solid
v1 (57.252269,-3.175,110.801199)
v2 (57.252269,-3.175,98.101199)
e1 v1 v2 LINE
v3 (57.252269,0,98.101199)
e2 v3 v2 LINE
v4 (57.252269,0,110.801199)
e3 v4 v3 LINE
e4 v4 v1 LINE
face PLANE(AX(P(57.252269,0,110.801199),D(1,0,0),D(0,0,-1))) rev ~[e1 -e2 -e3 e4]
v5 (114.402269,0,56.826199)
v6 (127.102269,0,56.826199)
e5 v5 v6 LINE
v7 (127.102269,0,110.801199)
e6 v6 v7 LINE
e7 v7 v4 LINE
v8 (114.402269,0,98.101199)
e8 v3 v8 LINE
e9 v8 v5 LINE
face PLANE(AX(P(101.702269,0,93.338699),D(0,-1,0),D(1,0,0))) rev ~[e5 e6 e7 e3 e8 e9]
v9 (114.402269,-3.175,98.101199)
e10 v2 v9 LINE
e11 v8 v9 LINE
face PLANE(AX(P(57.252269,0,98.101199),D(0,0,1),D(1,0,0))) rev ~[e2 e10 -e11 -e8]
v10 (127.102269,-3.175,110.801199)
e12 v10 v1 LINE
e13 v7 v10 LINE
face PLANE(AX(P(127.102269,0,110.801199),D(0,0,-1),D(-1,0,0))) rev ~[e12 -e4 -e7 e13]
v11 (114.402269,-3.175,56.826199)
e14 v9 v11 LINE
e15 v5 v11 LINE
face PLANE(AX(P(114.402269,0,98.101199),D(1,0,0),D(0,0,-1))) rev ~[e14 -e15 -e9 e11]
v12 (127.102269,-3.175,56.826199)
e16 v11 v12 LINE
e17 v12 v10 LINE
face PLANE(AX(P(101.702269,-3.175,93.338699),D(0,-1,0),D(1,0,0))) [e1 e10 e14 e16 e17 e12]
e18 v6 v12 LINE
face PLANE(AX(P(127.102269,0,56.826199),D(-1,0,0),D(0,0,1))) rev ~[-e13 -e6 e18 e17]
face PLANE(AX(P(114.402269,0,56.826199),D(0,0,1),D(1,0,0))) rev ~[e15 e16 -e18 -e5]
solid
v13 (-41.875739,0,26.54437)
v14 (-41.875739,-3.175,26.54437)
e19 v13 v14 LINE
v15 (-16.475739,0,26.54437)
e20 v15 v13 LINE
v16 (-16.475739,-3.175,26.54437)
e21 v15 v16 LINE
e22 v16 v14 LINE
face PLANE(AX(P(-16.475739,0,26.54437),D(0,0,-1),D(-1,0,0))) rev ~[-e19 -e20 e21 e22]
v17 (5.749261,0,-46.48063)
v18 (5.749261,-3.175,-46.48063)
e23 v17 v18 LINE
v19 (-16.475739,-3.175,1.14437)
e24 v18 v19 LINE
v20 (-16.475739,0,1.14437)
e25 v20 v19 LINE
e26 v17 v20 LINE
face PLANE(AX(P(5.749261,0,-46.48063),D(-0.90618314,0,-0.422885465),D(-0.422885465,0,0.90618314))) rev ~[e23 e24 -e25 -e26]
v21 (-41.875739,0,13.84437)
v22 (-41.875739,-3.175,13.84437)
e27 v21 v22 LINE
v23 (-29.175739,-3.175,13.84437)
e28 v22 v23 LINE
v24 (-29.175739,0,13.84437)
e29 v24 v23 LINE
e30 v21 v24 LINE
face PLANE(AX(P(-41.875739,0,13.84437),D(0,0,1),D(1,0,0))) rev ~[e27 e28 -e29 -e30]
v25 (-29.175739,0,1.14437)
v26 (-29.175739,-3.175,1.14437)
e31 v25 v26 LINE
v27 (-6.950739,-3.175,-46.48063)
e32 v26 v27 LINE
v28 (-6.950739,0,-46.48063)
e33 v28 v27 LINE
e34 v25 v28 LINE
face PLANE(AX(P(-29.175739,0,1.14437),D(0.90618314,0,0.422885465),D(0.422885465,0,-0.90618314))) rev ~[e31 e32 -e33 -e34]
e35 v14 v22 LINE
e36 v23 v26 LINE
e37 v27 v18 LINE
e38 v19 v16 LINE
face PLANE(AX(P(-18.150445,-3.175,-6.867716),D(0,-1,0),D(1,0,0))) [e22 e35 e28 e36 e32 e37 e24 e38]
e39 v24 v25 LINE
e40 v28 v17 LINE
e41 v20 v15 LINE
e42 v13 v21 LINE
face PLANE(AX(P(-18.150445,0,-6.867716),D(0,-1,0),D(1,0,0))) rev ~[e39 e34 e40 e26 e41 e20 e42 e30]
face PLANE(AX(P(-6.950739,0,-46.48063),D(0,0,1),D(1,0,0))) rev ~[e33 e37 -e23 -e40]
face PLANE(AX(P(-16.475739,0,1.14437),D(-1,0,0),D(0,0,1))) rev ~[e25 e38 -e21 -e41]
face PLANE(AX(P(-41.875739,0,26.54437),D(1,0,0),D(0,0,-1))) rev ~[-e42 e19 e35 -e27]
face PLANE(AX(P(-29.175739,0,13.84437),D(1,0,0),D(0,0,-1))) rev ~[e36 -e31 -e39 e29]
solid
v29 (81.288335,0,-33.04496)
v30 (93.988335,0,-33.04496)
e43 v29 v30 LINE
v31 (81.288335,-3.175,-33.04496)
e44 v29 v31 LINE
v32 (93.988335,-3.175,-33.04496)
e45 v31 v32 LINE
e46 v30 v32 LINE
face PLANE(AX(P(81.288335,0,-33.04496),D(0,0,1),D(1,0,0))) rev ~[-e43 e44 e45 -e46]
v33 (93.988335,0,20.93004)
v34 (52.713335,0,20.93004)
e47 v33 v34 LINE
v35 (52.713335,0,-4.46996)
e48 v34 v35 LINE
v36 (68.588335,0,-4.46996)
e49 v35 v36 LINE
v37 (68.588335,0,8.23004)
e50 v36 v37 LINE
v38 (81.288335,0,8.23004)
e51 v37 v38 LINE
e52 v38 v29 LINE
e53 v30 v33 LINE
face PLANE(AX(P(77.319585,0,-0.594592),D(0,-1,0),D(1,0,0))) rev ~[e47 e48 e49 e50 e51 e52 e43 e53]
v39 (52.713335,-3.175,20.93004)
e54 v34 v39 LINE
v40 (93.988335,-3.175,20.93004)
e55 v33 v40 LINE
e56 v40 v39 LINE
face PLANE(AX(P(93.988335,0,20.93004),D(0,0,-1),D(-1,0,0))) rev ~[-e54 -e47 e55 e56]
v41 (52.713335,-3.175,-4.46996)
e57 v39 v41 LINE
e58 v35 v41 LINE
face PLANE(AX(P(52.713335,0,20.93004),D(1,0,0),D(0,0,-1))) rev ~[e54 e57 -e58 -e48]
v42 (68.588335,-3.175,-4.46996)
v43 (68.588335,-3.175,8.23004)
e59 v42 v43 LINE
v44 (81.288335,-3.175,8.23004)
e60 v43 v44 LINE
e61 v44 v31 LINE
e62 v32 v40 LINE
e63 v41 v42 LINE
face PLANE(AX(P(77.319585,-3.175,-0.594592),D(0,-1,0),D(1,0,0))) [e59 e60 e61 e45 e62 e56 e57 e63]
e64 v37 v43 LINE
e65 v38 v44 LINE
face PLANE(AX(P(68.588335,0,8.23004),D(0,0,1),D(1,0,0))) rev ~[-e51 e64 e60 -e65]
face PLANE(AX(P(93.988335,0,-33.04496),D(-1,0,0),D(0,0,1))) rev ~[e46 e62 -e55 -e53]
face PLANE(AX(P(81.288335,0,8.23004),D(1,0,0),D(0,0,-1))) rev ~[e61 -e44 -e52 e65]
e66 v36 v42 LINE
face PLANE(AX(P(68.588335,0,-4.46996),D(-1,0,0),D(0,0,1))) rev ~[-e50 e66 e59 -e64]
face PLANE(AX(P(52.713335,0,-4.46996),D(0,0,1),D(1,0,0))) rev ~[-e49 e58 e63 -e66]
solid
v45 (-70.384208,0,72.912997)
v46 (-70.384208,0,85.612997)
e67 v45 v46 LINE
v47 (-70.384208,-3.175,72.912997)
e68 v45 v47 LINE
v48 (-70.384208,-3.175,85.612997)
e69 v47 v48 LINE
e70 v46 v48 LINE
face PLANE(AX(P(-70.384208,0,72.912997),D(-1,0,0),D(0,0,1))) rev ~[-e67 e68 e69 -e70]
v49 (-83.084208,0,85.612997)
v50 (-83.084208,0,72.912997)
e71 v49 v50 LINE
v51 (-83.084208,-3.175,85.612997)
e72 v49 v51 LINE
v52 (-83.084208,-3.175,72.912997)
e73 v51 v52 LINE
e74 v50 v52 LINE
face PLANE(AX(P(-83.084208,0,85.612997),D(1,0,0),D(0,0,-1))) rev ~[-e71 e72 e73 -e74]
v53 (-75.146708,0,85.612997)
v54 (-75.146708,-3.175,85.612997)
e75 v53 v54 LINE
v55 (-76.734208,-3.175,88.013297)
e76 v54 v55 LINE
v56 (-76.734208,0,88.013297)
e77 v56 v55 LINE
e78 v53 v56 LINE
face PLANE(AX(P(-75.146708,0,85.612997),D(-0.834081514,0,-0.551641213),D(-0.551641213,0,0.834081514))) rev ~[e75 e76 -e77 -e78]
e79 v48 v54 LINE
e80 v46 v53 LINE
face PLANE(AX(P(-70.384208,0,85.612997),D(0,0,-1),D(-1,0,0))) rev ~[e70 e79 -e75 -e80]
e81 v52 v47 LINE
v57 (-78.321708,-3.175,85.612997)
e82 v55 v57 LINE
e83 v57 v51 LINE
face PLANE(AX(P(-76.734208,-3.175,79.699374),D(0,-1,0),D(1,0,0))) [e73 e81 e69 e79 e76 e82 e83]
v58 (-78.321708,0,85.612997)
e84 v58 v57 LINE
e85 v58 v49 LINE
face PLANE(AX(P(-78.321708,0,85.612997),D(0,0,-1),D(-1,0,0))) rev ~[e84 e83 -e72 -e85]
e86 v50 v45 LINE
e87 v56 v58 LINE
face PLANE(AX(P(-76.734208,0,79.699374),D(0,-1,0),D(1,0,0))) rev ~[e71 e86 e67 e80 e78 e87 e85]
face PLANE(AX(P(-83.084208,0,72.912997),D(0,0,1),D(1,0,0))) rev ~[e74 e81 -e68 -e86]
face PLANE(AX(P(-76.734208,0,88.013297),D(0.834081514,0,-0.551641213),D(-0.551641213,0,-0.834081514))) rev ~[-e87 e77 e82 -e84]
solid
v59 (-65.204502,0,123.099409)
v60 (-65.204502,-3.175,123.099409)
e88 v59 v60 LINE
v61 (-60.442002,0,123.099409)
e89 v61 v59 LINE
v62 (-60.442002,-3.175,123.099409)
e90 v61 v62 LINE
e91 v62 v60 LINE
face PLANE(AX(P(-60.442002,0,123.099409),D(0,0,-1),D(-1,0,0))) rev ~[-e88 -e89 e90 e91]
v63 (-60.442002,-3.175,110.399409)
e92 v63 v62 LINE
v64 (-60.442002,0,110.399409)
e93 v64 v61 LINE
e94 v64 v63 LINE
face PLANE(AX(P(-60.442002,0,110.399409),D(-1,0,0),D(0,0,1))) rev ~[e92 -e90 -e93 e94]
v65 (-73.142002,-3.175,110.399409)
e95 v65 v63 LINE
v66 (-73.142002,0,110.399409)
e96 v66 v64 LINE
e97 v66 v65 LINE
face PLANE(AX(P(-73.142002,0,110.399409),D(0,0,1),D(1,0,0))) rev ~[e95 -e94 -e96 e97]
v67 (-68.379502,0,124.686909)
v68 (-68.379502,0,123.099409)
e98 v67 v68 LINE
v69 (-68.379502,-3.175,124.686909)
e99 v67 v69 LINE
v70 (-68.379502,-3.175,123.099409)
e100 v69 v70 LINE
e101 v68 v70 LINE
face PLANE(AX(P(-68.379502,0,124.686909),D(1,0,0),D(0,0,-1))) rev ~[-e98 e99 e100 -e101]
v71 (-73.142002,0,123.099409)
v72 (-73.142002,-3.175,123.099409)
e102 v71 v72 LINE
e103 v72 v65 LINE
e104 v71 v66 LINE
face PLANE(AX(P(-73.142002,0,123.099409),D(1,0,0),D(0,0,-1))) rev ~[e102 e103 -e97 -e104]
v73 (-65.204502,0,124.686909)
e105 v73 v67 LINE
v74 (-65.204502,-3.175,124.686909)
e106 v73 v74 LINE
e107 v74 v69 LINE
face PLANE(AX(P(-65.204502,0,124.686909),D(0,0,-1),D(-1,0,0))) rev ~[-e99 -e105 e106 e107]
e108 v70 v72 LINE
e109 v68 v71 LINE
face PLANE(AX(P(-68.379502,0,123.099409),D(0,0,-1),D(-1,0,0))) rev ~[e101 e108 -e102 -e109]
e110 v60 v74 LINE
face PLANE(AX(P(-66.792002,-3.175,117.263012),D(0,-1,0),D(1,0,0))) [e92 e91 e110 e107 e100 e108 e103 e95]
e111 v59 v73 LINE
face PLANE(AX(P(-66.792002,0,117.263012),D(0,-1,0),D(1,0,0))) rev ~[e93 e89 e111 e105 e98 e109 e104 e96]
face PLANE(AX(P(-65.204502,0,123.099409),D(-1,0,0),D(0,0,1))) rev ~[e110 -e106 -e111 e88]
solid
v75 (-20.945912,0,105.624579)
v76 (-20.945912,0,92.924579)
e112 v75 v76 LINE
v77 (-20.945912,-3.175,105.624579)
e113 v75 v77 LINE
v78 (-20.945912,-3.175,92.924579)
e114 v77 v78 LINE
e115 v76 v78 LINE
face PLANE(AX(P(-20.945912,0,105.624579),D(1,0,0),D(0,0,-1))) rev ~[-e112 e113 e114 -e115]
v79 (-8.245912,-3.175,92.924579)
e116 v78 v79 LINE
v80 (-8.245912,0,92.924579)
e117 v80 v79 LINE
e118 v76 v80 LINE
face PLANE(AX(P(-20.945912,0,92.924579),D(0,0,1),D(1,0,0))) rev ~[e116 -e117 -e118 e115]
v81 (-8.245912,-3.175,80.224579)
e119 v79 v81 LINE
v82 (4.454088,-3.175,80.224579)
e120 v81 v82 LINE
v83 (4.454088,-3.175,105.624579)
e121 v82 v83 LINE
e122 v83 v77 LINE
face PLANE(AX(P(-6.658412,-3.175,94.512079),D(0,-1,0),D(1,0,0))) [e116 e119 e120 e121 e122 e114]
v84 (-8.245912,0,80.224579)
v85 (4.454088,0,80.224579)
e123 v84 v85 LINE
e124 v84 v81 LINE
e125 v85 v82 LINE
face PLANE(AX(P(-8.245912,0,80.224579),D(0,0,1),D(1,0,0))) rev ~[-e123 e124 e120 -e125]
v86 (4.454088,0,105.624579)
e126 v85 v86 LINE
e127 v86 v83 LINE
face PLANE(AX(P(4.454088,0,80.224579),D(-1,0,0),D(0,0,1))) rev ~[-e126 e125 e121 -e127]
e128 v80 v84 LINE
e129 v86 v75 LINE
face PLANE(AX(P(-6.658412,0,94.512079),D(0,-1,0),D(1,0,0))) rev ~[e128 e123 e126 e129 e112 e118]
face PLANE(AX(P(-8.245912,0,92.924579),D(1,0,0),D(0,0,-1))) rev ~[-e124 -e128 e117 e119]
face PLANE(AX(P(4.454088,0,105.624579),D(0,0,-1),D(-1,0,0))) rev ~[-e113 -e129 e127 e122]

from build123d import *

# Parameters (mm, degrees)
F1_DEPTH = 3.175


with BuildPart() as f1:
    # F0 (on Front) → F1 (new body)
    with BuildSketch(Plane.XZ):
        Polygon((-16.475739, 26.54437), (-41.875739, 26.54437), (-41.875739, 13.84437), (-29.175739, 13.84437), (-29.175739, 1.14437), (-6.950739, -46.48063), (5.749261, -46.48063), (-16.475739, 1.14437), align=None)
        Polygon((4.454088, 105.624579), (-20.945912, 105.624579), (-20.945912, 92.924579), (-8.245912, 92.924579), (-8.245912, 80.224579), (4.454088, 80.224579), align=None)
        Polygon((81.288335, 8.23004), (81.288335, -33.04496), (93.988335, -33.04496), (93.988335, 20.93004), (52.713335, 20.93004), (52.713335, -4.46996), (68.588335, -4.46996), (68.588335, 8.23004), align=None)
        Polygon((127.102269, 110.801199), (57.252269, 110.801199), (57.252269, 98.101199), (114.402269, 98.101199), (114.402269, 56.826199), (127.102269, 56.826199), align=None)
        Polygon((-68.379502, 123.099409), (-73.142002, 123.099409), (-73.142002, 110.399409), (-60.442002, 110.399409), (-60.442002, 123.099409), (-65.204502, 123.099409), (-65.204502, 124.686909), (-68.379502, 124.686909), align=None)
        Polygon((-78.321708, 85.612997), (-83.084208, 85.612997), (-83.084208, 72.912997), (-70.384208, 72.912997), (-70.384208, 85.612997), (-75.146708, 85.612997), (-76.734208, 88.013297), align=None)
    extrude(amount=F1_DEPTH)


solid = f1.part
